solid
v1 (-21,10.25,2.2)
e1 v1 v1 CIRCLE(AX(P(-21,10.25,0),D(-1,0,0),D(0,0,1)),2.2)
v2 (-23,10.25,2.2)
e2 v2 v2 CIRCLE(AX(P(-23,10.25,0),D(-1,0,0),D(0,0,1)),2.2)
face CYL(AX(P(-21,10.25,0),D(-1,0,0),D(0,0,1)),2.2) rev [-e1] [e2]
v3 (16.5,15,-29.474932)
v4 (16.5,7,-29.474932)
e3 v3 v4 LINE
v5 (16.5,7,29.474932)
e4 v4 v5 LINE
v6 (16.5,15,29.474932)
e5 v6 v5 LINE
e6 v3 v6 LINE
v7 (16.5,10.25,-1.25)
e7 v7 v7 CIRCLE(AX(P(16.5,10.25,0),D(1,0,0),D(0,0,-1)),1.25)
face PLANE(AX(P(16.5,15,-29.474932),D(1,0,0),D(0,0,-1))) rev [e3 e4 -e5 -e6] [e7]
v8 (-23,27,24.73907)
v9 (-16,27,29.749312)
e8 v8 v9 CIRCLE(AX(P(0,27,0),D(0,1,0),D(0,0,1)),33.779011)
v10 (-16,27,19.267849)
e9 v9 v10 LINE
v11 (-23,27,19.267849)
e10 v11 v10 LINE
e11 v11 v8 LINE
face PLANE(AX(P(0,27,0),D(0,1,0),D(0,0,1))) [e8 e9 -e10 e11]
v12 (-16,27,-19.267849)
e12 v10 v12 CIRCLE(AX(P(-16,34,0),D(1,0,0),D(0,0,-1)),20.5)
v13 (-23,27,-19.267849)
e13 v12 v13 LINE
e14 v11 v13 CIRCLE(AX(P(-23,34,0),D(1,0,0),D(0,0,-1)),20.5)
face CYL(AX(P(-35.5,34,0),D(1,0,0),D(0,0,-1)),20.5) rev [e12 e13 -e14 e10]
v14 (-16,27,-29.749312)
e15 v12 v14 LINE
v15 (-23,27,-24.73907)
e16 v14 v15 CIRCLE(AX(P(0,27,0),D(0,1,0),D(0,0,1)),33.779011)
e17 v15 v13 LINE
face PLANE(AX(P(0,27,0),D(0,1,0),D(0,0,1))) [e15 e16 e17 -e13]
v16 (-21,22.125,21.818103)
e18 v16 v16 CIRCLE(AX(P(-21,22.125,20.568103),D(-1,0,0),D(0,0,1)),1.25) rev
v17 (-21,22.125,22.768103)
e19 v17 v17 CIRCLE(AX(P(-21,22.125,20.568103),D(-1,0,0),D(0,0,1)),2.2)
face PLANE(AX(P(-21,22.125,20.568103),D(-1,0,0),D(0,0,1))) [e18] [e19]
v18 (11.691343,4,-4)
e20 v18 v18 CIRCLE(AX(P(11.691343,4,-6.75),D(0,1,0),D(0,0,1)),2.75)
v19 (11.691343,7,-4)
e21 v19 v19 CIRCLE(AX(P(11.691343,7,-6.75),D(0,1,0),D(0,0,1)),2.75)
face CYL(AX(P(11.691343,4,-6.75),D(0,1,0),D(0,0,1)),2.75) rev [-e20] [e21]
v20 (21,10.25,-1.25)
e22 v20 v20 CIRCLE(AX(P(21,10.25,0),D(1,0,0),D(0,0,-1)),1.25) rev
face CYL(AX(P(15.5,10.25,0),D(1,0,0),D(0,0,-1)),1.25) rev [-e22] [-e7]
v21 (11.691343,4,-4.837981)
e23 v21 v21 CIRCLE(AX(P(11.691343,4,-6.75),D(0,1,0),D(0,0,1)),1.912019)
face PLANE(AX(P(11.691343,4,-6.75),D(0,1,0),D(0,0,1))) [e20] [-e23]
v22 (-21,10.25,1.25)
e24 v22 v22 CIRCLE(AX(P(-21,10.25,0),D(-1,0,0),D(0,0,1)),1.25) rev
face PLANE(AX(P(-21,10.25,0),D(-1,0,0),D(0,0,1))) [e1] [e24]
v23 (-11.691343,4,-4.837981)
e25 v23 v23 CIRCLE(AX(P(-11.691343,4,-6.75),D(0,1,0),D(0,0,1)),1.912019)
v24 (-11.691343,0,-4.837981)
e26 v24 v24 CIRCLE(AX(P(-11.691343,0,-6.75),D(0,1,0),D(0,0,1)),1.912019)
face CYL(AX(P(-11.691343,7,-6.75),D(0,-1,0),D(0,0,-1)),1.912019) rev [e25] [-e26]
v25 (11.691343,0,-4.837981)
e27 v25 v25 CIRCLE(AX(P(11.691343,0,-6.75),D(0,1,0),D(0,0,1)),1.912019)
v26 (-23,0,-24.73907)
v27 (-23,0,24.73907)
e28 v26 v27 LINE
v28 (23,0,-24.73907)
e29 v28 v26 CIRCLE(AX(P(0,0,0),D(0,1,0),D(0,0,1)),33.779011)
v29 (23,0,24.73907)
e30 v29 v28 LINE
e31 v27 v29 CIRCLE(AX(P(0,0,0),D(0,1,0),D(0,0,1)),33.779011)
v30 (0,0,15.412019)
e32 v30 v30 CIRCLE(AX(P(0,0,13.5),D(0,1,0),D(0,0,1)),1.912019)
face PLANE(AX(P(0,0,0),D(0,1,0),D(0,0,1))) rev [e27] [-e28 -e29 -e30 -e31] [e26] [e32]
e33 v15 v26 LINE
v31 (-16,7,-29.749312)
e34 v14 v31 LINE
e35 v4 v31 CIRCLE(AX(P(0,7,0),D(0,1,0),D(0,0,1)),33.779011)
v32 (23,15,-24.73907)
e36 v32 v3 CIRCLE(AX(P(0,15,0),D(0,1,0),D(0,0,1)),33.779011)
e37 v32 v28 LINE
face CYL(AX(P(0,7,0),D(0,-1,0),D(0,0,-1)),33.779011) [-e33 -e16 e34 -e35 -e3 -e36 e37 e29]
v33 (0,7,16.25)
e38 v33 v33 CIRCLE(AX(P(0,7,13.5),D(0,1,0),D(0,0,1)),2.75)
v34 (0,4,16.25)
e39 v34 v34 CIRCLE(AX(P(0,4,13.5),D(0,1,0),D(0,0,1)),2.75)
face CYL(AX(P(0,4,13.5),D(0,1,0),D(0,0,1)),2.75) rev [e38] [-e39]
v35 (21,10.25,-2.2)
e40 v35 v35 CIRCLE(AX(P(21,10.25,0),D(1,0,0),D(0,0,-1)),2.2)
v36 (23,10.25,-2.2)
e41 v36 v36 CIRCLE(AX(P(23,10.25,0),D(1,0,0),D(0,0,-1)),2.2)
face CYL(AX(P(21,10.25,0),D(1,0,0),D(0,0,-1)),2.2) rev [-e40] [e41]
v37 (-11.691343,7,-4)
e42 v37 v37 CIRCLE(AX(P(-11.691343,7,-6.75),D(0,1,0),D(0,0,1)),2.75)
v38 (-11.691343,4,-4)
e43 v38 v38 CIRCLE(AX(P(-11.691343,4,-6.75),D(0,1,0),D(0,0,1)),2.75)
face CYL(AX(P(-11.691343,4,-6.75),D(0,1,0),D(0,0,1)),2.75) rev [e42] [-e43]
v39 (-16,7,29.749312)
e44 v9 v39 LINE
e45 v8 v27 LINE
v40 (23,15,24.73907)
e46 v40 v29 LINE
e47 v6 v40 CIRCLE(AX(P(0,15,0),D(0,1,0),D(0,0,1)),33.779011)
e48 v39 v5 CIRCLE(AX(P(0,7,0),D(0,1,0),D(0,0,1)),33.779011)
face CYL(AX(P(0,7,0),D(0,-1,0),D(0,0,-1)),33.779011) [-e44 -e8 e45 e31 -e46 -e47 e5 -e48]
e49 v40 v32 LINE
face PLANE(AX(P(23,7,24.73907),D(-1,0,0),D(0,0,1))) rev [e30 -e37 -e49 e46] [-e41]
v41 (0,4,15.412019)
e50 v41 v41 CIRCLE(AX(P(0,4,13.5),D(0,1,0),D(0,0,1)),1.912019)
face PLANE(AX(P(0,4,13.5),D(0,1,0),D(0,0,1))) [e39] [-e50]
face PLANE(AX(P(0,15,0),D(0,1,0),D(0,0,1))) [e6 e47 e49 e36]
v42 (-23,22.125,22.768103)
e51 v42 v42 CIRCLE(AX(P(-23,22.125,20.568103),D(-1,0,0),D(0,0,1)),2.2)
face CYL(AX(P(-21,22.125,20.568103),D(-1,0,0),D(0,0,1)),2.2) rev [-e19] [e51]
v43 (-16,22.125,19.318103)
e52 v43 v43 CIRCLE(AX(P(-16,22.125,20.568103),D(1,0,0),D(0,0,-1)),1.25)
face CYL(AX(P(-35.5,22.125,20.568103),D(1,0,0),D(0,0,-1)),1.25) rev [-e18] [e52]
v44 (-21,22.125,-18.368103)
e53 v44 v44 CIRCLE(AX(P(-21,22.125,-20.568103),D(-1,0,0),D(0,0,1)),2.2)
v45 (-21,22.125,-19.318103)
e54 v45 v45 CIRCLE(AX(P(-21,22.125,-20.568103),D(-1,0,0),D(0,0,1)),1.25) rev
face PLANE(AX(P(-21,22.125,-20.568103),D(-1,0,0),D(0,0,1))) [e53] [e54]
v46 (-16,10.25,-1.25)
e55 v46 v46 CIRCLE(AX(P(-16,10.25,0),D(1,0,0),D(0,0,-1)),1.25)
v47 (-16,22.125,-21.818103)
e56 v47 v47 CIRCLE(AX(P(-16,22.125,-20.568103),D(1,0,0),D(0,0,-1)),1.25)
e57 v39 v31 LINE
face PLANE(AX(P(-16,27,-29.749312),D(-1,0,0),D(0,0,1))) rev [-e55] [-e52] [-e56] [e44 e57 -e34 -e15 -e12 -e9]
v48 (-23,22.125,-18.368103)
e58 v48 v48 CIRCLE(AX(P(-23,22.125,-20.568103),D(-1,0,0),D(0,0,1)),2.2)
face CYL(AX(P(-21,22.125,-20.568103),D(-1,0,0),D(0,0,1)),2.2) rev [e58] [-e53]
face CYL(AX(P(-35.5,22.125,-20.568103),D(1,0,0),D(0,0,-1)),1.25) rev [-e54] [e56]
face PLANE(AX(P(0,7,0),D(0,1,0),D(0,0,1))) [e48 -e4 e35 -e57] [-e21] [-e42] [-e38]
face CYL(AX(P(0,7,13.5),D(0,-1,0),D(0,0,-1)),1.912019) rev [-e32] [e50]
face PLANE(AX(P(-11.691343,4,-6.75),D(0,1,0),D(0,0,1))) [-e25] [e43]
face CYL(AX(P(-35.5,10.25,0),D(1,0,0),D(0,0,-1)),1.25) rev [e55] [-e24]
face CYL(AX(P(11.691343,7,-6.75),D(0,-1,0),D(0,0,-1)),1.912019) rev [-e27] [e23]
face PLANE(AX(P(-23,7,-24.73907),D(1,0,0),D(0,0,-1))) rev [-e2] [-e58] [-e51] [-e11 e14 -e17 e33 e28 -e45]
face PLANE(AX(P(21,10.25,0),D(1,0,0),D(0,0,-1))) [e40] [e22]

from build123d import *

# Parameters (mm, degrees)
SKETCH8_R            = 1.912019499
BOSS_EXTRUDE7_DEPTH  = 7
SKETCH9_R            = 2.75
CUT_EXTRUDE4_DEPTH   = 3
BOSS_EXTRUDE9_DEPTH  = 20
SKETCH13_R           = 20.5
CUT_EXTRUDE7_DEPTH   = 19.5
SKETCH14_R           = 1.25
CUT_EXTRUDE8_DEPTH   = 19.5
SKETCH15_R           = 2.2
CUT_EXTRUDE9_DEPTH   = 2
BOSS_EXTRUDE10_DEPTH = 8
SKETCH17_R           = 1.25
CUT_EXTRUDE10_DEPTH  = 7.5
CUT_EXTRUDE11_START  = -2
SKETCH18_R           = 2.2
CUT_EXTRUDE11_DEPTH  = 2


with BuildPart() as part:
    # Sketch8 → Boss-Extrude7 (new body)
    with BuildSketch(Plane(origin=(0, 0, 0), x_dir=(1, 0, 0), z_dir=(0, 1, 0))):
        with BuildLine():
            Line((-23, 24.739070187), (-23, -24.739070187))
            ThreePointArc((-23, -24.739070187), (0, -33.779011142), (23, -24.739070187))
            Line((23, -24.739070187), (23, 24.739070187))
            ThreePointArc((23, 24.739070187), (0, 33.779011142), (-23, 24.739070187))
        make_face()
        with Locations(Location((11.691342951, 6.75, 0), (0, 0, 270))):
            Circle(SKETCH8_R, mode=Mode.SUBTRACT)
        with Locations(Location((0, -13.5, 0), (0, 0, 270))):
            Circle(SKETCH8_R, mode=Mode.SUBTRACT)
        with Locations(Location((-11.691342951, 6.75, 0), (0, 0, 270))):
            Circle(SKETCH8_R, mode=Mode.SUBTRACT)
    extrude(amount=BOSS_EXTRUDE7_DEPTH)

    # Sketch9 → Cut-Extrude4 (cut)
    with BuildSketch(Plane(origin=(0, 7, 0), x_dir=(1, 0, 0), z_dir=(0, 1, 0))):
        with Locations(Location((-11.691342951, 6.75, 0), (0, 0, 270))):
            Circle(SKETCH9_R)
        with Locations(Location((11.691342951, 6.75, 0), (0, 0, 270))):
            Circle(SKETCH9_R)
        with Locations(Location((0, -13.5, 0), (0, 0, 270))):
            Circle(SKETCH9_R)
    extrude(amount=-CUT_EXTRUDE4_DEPTH, mode=Mode.SUBTRACT)

    # Sketch12 → Boss-Extrude9 (add)
    with BuildSketch(Plane(origin=(0, 7, 0), x_dir=(1, 0, 0), z_dir=(0, 1, 0))):
        with BuildLine():
            Line((-16, 29.749312491), (-16, -29.749312491))
            ThreePointArc((-16, -29.749312491), (-19.660255135, -27.468089881), (-23, -24.739070187))
            Line((-23, -24.739070187), (-23, 24.739070187))
            ThreePointArc((-23, 24.739070187), (-19.660255135, 27.468089881), (-16, 29.749312491))
        make_face()
    extrude(amount=BOSS_EXTRUDE9_DEPTH)

    # Sketch13 → Cut-Extrude7 (cut)
    with BuildSketch(Plane(origin=(-16, 0, 0), x_dir=(0, 0, -1), z_dir=(1, 0, 0))):
        with Locations((0, 34)):
            Circle(SKETCH13_R)
    extrude(amount=-CUT_EXTRUDE7_DEPTH, mode=Mode.SUBTRACT)

    # Sketch14 → Cut-Extrude8 (cut)
    with BuildSketch(Plane(origin=(-16, 0, 0), x_dir=(0, 0, -1), z_dir=(1, 0, 0))):
        with Locations((0, 10.25)):
            Circle(SKETCH14_R)
        with Locations((-20.56810334, 22.125)):
            Circle(SKETCH14_R)
        with Locations((20.56810334, 22.125)):
            Circle(SKETCH14_R)
    extrude(amount=-CUT_EXTRUDE8_DEPTH, mode=Mode.SUBTRACT)

    # Sketch15 → Cut-Extrude9 (cut)
    with BuildSketch(Plane.ZY.offset(23)):
        with Locations((0, 10.25)):
            Circle(SKETCH15_R)
        with Locations((-20.56810334, 22.125)):
            Circle(SKETCH15_R)
        with Locations((20.56810334, 22.125)):
            Circle(SKETCH15_R)
    extrude(amount=-CUT_EXTRUDE9_DEPTH, mode=Mode.SUBTRACT)

    # Sketch16 → Boss-Extrude10 (add)
    with BuildSketch(Plane(origin=(0, 7, 0), x_dir=(1, 0, 0), z_dir=(0, 1, 0))):
        with BuildLine():
            Line((16.5, 29.474931615), (16.5, -29.474931615))
            ThreePointArc((16.5, -29.474931615), (19.891445294, -27.301135468), (23, -24.739070187))
            Line((23, -24.739070187), (23, 24.739070187))
            ThreePointArc((23, 24.739070187), (19.891445294, 27.301135468), (16.5, 29.474931615))
        make_face()
    extrude(amount=BOSS_EXTRUDE10_DEPTH)

    # Sketch17 → Cut-Extrude10 (cut)
    with BuildSketch(Plane(origin=(23, 0, 0), x_dir=(0, 0, -1), z_dir=(1, 0, 0))):
        with Locations((0, 10.25)):
            Circle(SKETCH17_R)
    extrude(amount=-CUT_EXTRUDE10_DEPTH, mode=Mode.SUBTRACT)

    # Sketch18 → Cut-Extrude11 (cut)
    with BuildSketch(Plane(origin=(23, 0, 0), x_dir=(0, 0, -1), z_dir=(1, 0, 0)).offset(CUT_EXTRUDE11_START)):
        with Locations(Location((0, 10.25, 0), (0, 0, 180))):
            Circle(SKETCH18_R)
    extrude(amount=CUT_EXTRUDE11_DEPTH, mode=Mode.SUBTRACT)


solid = part.part
